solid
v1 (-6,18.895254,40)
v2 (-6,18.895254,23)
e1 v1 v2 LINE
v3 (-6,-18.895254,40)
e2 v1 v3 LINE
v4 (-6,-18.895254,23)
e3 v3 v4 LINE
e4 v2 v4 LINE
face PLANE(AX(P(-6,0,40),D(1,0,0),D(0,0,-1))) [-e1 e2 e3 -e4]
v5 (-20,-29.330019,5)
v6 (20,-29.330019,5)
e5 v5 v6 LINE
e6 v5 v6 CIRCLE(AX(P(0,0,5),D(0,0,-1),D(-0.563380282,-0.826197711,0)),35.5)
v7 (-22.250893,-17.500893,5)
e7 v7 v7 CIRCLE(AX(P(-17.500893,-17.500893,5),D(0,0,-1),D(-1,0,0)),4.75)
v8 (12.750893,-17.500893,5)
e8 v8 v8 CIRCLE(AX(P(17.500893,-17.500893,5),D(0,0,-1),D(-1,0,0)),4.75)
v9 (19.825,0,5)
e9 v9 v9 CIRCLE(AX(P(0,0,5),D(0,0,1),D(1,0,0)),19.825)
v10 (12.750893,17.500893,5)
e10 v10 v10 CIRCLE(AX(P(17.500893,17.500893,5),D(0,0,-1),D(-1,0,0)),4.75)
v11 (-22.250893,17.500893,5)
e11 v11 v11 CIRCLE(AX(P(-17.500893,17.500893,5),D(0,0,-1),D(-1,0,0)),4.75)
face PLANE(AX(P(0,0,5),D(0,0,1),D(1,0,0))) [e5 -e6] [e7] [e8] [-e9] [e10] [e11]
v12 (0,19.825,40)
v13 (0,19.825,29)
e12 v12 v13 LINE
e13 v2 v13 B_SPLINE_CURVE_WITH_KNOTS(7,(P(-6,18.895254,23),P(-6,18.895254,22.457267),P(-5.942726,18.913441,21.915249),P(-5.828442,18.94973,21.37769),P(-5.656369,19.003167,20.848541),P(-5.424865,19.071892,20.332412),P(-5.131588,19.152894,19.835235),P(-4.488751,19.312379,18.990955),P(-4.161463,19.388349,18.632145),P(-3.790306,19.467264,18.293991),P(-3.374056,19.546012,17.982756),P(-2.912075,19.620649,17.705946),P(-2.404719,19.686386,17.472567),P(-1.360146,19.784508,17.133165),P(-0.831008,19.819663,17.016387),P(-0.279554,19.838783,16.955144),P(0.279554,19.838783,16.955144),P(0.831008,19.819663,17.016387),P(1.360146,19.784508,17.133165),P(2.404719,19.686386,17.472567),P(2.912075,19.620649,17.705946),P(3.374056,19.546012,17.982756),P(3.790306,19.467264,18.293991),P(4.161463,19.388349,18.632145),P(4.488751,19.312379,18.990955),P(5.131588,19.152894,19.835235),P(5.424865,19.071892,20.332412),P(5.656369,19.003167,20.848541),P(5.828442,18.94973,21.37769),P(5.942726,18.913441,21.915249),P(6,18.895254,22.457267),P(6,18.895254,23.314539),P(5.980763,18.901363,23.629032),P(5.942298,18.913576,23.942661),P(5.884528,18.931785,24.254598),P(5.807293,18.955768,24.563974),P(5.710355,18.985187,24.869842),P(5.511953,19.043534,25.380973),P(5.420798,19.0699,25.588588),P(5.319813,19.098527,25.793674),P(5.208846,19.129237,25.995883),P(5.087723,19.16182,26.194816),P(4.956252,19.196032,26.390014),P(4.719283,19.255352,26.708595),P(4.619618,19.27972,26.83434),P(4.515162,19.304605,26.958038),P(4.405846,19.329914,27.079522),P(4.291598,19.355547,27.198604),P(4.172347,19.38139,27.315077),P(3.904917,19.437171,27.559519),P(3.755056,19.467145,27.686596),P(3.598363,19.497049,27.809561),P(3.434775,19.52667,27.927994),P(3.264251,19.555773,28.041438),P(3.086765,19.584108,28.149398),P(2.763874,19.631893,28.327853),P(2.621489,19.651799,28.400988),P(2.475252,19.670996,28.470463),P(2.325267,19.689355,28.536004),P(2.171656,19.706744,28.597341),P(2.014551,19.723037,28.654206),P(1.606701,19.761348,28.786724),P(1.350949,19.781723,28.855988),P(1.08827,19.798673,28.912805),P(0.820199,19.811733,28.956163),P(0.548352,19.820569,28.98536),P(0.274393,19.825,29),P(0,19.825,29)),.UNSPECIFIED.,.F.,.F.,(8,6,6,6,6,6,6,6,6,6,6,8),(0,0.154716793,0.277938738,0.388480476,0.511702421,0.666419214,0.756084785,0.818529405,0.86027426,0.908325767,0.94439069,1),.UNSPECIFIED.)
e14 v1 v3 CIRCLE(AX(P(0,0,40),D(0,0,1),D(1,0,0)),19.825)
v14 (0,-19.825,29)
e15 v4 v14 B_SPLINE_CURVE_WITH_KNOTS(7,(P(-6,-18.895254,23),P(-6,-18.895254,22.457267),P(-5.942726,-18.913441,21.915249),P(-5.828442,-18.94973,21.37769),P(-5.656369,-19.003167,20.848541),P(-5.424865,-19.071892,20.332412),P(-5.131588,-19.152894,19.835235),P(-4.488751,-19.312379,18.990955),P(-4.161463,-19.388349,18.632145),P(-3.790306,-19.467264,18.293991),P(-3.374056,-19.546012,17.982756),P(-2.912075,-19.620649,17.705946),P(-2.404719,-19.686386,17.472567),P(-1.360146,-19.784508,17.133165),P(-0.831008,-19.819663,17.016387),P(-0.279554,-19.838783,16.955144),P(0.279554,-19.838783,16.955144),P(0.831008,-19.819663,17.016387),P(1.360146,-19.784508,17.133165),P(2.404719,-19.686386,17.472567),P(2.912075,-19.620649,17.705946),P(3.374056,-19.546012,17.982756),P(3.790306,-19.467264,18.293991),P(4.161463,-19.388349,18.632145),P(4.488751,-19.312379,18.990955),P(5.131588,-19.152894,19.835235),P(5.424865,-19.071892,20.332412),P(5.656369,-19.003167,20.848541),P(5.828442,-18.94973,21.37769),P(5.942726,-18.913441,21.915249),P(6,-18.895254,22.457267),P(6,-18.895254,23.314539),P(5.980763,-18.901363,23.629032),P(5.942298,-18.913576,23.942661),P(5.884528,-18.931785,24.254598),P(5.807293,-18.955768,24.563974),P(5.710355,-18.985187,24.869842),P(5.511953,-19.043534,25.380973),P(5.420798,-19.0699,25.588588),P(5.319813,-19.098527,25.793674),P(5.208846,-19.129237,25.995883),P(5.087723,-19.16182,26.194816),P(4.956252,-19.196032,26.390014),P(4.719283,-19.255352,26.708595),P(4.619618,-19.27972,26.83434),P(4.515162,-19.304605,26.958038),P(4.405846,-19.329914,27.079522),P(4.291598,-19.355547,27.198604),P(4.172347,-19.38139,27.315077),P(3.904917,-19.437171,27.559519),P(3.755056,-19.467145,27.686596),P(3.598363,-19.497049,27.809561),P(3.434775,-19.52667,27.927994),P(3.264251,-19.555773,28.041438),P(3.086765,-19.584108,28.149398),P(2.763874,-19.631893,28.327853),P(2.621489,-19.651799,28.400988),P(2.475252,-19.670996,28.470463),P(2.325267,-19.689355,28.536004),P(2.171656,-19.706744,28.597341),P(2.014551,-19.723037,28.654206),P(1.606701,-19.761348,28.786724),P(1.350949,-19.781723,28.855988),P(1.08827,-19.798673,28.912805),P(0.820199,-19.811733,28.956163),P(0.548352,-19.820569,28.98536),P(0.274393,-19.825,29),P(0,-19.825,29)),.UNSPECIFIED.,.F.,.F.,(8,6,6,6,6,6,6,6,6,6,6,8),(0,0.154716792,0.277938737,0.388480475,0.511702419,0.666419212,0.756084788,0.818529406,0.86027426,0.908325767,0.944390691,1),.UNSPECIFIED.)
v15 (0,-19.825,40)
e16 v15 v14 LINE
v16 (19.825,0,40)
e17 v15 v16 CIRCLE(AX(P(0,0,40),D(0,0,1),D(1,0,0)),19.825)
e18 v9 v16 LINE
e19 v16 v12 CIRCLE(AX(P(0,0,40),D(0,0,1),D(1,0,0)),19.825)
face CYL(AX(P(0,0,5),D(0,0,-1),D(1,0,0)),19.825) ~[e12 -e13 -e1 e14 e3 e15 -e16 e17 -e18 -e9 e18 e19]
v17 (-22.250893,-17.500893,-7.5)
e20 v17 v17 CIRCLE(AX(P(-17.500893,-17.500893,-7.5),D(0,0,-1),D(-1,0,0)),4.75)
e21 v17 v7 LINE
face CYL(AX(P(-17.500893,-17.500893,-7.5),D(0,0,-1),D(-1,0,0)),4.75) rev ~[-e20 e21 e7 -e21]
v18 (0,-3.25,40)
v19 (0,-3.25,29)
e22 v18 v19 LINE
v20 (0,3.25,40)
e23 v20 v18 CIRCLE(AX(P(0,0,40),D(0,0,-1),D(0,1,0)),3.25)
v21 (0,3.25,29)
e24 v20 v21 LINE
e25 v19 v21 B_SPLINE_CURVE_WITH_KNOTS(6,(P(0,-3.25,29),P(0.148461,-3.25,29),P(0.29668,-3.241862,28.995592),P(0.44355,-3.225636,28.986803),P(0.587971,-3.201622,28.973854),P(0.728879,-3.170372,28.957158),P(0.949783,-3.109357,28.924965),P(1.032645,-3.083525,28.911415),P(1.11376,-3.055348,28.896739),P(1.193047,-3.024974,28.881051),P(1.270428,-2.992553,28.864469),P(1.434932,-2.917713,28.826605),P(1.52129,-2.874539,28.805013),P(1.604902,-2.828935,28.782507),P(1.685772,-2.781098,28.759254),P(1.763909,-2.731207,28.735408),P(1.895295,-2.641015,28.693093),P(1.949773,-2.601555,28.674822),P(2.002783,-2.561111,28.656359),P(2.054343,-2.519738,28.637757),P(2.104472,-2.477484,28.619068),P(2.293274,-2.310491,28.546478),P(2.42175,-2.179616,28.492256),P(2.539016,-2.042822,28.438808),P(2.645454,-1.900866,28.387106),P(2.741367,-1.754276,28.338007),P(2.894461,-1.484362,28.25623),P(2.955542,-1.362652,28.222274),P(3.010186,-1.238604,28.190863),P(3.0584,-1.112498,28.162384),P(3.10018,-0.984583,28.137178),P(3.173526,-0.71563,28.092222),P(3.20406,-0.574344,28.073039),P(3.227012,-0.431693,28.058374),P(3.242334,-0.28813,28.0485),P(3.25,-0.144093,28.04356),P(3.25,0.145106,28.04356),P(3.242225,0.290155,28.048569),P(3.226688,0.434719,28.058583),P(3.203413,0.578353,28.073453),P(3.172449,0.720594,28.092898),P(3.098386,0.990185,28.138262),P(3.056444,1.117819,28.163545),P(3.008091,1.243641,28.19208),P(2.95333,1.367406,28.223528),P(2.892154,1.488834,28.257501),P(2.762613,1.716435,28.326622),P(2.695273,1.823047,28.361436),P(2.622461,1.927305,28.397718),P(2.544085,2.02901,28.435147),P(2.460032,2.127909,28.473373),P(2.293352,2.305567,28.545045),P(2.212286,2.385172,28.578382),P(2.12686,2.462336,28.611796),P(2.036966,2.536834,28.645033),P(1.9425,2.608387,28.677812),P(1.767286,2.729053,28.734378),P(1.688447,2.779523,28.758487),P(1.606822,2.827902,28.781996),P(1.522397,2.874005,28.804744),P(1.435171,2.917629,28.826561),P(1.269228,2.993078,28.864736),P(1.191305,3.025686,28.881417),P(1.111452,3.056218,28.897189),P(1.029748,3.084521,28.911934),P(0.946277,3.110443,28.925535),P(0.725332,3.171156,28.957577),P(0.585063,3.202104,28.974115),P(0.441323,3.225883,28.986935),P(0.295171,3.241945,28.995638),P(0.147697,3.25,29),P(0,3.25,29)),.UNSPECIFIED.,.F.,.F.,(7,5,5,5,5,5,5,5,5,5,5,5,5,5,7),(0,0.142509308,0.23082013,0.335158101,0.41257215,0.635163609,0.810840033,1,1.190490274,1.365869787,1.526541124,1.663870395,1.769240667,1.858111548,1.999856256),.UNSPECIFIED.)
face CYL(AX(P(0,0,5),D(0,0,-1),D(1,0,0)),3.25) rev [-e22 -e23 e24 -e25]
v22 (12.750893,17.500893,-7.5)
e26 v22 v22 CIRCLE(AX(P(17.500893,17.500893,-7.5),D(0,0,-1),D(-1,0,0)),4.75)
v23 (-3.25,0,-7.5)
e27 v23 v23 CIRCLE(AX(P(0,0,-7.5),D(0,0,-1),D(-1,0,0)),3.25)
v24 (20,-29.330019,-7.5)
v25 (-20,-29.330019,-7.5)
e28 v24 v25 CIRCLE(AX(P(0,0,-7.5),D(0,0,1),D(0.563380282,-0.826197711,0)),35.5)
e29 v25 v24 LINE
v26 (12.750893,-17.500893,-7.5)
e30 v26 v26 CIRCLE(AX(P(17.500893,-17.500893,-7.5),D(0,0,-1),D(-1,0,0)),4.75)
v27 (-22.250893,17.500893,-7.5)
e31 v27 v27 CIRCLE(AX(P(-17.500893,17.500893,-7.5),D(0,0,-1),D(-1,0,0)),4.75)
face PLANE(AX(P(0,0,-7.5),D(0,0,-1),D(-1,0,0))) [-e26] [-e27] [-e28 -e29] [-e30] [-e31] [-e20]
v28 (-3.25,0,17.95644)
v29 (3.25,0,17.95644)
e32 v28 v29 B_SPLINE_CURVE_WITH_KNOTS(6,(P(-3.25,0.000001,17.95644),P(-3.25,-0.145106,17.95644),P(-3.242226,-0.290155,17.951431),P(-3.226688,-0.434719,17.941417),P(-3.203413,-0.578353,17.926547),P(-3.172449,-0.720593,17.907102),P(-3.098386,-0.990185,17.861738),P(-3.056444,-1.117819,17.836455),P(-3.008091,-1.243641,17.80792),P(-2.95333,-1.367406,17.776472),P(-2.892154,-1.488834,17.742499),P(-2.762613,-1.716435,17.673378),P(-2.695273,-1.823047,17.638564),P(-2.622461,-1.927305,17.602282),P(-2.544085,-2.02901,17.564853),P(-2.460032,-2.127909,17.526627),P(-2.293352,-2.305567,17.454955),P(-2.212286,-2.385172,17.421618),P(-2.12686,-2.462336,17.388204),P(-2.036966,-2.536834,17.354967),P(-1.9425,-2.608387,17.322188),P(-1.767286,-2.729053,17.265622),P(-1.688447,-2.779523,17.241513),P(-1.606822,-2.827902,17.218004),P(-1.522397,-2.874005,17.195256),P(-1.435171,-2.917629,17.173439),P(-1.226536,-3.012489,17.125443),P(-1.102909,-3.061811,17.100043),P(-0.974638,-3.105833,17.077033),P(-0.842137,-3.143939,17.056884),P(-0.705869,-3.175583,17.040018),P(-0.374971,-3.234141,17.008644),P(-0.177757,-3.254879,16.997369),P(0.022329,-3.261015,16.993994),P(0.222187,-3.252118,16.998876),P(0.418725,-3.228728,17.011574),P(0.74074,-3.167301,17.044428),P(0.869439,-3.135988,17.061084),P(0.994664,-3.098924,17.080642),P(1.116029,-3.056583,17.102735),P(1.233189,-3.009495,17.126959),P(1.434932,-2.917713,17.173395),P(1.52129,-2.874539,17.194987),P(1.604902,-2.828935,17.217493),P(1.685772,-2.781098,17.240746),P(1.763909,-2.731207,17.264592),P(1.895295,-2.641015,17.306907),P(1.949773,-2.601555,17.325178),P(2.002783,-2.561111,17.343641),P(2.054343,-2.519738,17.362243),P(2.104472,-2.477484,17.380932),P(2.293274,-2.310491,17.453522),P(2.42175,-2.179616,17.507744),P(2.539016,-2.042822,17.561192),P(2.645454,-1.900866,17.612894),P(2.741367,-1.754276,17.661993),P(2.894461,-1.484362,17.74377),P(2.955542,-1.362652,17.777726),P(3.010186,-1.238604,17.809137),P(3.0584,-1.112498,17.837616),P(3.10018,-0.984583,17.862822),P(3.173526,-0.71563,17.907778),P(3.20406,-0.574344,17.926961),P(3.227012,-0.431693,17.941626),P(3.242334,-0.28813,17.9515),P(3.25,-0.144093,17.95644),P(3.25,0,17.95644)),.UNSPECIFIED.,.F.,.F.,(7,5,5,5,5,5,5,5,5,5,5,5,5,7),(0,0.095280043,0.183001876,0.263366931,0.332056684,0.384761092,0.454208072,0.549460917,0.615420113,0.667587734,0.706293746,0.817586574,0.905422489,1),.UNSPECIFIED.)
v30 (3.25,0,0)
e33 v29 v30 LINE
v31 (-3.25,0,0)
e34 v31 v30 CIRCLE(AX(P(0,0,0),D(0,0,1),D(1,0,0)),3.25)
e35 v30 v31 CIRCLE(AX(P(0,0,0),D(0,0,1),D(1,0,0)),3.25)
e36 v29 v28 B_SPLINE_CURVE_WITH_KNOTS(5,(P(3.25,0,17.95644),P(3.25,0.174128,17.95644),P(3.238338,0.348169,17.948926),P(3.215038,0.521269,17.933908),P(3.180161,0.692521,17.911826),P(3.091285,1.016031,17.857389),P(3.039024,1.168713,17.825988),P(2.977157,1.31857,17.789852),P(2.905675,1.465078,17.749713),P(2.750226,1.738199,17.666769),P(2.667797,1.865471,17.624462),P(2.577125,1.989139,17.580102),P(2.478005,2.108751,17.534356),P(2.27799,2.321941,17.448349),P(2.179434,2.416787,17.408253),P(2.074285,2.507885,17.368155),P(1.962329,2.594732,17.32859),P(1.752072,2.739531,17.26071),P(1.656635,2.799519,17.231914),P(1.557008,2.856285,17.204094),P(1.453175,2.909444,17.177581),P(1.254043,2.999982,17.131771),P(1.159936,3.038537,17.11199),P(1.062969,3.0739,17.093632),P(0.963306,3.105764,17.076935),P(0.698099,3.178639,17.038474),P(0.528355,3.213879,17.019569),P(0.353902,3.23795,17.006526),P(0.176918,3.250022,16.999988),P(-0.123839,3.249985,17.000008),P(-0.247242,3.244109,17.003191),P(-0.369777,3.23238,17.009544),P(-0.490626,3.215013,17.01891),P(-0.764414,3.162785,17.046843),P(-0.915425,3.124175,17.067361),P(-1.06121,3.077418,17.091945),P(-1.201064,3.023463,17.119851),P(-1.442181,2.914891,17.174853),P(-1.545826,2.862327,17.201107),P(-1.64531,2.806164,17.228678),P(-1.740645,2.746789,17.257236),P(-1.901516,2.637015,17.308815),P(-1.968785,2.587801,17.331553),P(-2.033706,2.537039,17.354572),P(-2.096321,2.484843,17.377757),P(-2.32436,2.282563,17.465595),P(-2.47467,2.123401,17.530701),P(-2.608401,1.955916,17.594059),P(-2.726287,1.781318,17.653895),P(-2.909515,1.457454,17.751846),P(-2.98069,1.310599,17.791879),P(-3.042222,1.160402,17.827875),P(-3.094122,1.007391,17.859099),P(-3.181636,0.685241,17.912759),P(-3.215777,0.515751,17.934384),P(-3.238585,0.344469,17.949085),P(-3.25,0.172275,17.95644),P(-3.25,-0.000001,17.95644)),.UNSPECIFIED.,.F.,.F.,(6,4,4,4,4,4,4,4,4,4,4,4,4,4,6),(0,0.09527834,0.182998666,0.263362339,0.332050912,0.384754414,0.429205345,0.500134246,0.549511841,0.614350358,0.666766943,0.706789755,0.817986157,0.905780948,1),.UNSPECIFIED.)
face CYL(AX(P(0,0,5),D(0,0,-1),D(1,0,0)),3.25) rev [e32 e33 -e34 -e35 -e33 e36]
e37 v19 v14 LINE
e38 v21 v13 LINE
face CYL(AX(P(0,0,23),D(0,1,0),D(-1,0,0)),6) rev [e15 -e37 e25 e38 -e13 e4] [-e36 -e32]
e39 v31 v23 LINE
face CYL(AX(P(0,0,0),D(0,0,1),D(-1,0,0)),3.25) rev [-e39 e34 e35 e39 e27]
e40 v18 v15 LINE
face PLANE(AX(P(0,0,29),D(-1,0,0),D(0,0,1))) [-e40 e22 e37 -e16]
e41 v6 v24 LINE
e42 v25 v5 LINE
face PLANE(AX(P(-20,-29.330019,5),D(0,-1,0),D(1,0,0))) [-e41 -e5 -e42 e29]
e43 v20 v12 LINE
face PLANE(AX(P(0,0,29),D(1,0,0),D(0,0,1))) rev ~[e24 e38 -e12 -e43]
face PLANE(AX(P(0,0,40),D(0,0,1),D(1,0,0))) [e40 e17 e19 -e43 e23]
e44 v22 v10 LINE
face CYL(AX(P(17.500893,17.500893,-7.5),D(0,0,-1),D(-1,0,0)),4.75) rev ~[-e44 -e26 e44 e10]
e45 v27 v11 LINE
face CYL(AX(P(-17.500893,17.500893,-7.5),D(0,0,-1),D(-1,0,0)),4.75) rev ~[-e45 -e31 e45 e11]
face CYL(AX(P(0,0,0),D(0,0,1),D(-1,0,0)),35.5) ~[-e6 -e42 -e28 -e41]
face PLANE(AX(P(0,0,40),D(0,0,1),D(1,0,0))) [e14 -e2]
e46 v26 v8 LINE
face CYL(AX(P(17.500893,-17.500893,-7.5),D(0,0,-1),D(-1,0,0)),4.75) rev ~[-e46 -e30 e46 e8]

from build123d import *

# Parameters (mm, degrees)
CROQUIS1_R                 = 35.5
CROQUIS1_R_2               = 3.25
SALIENTE_EXTRUIR1_DEPTH    = 5
CROQUIS9_R                 = 19.825
CROQUIS9_R_2               = 3.25
SALIENTE_EXTRUIR4_DEPTH    = 35
CORTAR_EXTRUIR4_DEPTH      = 36.5
CORTAR_EXTRUIR4_DEPTH_BACK = 36.5
CROQUIS11_R                = 35.5
CROQUIS11_R_2              = 3.25
SALIENTE_EXTRUIR5_DEPTH    = 7.5
CORTAR_EXTRUIR5_DEPTH      = 7.5
CORTAR_EXTRUIR7_DEPTH      = 13.5
CORTAR_EXTRUIR8_REACH      = 49.5
CROQUIS16_R                = 4.75


with BuildPart() as part:
    # Croquis1 → Saliente-Extruir1 (new body)
    with BuildSketch(Plane.XY):
        Circle(CROQUIS1_R)
        Circle(CROQUIS1_R_2, mode=Mode.SUBTRACT)
    extrude(amount=SALIENTE_EXTRUIR1_DEPTH)

    # Croquis9 → Saliente-Extruir4 (add)
    with BuildSketch(Plane.XY.offset(5)):
        Circle(CROQUIS9_R)
        Circle(CROQUIS9_R_2, mode=Mode.SUBTRACT)
    extrude(amount=SALIENTE_EXTRUIR4_DEPTH)

    # Croquis10 → Cortar-Extruir4 (cut, two sides)
    with BuildSketch(Plane(origin=(0, 0, 0), x_dir=(1, 0, 0), z_dir=(0, 1, 0))) as cortar_extruir4_sk:
        with BuildLine():
            Line((0, -29), (0, -40))
            Line((0, -40), (-6, -40))
            Line((-6, -40), (-6, -23))
            ThreePointArc((-6, -23), (4.242640687, -18.757359313), (0, -29))
        make_face()
    extrude(amount=CORTAR_EXTRUIR4_DEPTH, mode=Mode.SUBTRACT)
    extrude(cortar_extruir4_sk.sketch, amount=-CORTAR_EXTRUIR4_DEPTH_BACK, mode=Mode.SUBTRACT)

    # Croquis11 → Saliente-Extruir5 (add)
    with BuildSketch(Plane(origin=(0, 0, 0), x_dir=(-1, 0, 0), z_dir=(0, 0, -1))):
        Circle(CROQUIS11_R)
        Circle(CROQUIS11_R_2, mode=Mode.SUBTRACT)
    extrude(amount=SALIENTE_EXTRUIR5_DEPTH)

    # Croquis13 → Cortar-Extruir5 (cut)
    with BuildSketch(Plane.XY.offset(5)):
        with BuildLine():
            Line((-20, -29.330018752), (20, -29.330018752))
            ThreePointArc((20, -29.330018752), (0, -35.5), (-20, -29.330018752))
        make_face()
    extrude(amount=-CORTAR_EXTRUIR5_DEPTH, mode=Mode.SUBTRACT)

    # Croquis15 → Cortar-Extruir7 (cut, through all)
    with BuildSketch(Plane.XY.offset(5)):
        with BuildLine():
            Line((20, -29.330018752), (-20, -29.330018752))
            ThreePointArc((-20, -29.330018752), (0, -35.5), (20, -29.330018752))
        make_face()
    extrude(amount=-CORTAR_EXTRUIR7_DEPTH, mode=Mode.SUBTRACT)

    # Croquis16 → Cortar-Extruir8 (cut, up to next)
    with BuildSketch(Plane(origin=(0, 0, -7.5), x_dir=(-1, 0, 0), z_dir=(0, 0, -1)), mode=Mode.PRIVATE) as cortar_extruir8_sk1:
        with Locations((17.500892834, -17.500892834)):
            Circle(CROQUIS16_R)
    cortar_extruir8_tool1 = extrude(cortar_extruir8_sk1.sketch, amount=-CORTAR_EXTRUIR8_REACH, mode=Mode.PRIVATE) & part.part
    add(cortar_extruir8_tool1.solids().sort_by_distance((-17.500893, -17.500893, -7.5))[0], mode=Mode.SUBTRACT)
    # Croquis16 → Cortar-Extruir8 (cut, up to next)
    with BuildSketch(Plane(origin=(0, 0, -7.5), x_dir=(-1, 0, 0), z_dir=(0, 0, -1)), mode=Mode.PRIVATE) as cortar_extruir8_sk2:
        with Locations((-17.500892834, -17.500892834)):
            Circle(CROQUIS16_R)
    cortar_extruir8_tool2 = extrude(cortar_extruir8_sk2.sketch, amount=-CORTAR_EXTRUIR8_REACH, mode=Mode.PRIVATE) & part.part
    add(cortar_extruir8_tool2.solids().sort_by_distance((17.500893, -17.500893, -7.5))[0], mode=Mode.SUBTRACT)
    # Croquis16 → Cortar-Extruir8 (cut, up to next)
    with BuildSketch(Plane(origin=(0, 0, -7.5), x_dir=(-1, 0, 0), z_dir=(0, 0, -1)), mode=Mode.PRIVATE) as cortar_extruir8_sk3:
        with Locations((-17.500892834, 17.500892834)):
            Circle(CROQUIS16_R)
    cortar_extruir8_tool3 = extrude(cortar_extruir8_sk3.sketch, amount=-CORTAR_EXTRUIR8_REACH, mode=Mode.PRIVATE) & part.part
    add(cortar_extruir8_tool3.solids().sort_by_distance((17.500893, 17.500893, -7.5))[0], mode=Mode.SUBTRACT)
    # Croquis16 → Cortar-Extruir8 (cut, up to next)
    with BuildSketch(Plane(origin=(0, 0, -7.5), x_dir=(-1, 0, 0), z_dir=(0, 0, -1)), mode=Mode.PRIVATE) as cortar_extruir8_sk4:
        with Locations((17.500892834, 17.500892834)):
            Circle(CROQUIS16_R)
    cortar_extruir8_tool4 = extrude(cortar_extruir8_sk4.sketch, amount=-CORTAR_EXTRUIR8_REACH, mode=Mode.PRIVATE) & part.part
    add(cortar_extruir8_tool4.solids().sort_by_distance((-17.500893, 17.500893, -7.5))[0], mode=Mode.SUBTRACT)


solid = part.part
